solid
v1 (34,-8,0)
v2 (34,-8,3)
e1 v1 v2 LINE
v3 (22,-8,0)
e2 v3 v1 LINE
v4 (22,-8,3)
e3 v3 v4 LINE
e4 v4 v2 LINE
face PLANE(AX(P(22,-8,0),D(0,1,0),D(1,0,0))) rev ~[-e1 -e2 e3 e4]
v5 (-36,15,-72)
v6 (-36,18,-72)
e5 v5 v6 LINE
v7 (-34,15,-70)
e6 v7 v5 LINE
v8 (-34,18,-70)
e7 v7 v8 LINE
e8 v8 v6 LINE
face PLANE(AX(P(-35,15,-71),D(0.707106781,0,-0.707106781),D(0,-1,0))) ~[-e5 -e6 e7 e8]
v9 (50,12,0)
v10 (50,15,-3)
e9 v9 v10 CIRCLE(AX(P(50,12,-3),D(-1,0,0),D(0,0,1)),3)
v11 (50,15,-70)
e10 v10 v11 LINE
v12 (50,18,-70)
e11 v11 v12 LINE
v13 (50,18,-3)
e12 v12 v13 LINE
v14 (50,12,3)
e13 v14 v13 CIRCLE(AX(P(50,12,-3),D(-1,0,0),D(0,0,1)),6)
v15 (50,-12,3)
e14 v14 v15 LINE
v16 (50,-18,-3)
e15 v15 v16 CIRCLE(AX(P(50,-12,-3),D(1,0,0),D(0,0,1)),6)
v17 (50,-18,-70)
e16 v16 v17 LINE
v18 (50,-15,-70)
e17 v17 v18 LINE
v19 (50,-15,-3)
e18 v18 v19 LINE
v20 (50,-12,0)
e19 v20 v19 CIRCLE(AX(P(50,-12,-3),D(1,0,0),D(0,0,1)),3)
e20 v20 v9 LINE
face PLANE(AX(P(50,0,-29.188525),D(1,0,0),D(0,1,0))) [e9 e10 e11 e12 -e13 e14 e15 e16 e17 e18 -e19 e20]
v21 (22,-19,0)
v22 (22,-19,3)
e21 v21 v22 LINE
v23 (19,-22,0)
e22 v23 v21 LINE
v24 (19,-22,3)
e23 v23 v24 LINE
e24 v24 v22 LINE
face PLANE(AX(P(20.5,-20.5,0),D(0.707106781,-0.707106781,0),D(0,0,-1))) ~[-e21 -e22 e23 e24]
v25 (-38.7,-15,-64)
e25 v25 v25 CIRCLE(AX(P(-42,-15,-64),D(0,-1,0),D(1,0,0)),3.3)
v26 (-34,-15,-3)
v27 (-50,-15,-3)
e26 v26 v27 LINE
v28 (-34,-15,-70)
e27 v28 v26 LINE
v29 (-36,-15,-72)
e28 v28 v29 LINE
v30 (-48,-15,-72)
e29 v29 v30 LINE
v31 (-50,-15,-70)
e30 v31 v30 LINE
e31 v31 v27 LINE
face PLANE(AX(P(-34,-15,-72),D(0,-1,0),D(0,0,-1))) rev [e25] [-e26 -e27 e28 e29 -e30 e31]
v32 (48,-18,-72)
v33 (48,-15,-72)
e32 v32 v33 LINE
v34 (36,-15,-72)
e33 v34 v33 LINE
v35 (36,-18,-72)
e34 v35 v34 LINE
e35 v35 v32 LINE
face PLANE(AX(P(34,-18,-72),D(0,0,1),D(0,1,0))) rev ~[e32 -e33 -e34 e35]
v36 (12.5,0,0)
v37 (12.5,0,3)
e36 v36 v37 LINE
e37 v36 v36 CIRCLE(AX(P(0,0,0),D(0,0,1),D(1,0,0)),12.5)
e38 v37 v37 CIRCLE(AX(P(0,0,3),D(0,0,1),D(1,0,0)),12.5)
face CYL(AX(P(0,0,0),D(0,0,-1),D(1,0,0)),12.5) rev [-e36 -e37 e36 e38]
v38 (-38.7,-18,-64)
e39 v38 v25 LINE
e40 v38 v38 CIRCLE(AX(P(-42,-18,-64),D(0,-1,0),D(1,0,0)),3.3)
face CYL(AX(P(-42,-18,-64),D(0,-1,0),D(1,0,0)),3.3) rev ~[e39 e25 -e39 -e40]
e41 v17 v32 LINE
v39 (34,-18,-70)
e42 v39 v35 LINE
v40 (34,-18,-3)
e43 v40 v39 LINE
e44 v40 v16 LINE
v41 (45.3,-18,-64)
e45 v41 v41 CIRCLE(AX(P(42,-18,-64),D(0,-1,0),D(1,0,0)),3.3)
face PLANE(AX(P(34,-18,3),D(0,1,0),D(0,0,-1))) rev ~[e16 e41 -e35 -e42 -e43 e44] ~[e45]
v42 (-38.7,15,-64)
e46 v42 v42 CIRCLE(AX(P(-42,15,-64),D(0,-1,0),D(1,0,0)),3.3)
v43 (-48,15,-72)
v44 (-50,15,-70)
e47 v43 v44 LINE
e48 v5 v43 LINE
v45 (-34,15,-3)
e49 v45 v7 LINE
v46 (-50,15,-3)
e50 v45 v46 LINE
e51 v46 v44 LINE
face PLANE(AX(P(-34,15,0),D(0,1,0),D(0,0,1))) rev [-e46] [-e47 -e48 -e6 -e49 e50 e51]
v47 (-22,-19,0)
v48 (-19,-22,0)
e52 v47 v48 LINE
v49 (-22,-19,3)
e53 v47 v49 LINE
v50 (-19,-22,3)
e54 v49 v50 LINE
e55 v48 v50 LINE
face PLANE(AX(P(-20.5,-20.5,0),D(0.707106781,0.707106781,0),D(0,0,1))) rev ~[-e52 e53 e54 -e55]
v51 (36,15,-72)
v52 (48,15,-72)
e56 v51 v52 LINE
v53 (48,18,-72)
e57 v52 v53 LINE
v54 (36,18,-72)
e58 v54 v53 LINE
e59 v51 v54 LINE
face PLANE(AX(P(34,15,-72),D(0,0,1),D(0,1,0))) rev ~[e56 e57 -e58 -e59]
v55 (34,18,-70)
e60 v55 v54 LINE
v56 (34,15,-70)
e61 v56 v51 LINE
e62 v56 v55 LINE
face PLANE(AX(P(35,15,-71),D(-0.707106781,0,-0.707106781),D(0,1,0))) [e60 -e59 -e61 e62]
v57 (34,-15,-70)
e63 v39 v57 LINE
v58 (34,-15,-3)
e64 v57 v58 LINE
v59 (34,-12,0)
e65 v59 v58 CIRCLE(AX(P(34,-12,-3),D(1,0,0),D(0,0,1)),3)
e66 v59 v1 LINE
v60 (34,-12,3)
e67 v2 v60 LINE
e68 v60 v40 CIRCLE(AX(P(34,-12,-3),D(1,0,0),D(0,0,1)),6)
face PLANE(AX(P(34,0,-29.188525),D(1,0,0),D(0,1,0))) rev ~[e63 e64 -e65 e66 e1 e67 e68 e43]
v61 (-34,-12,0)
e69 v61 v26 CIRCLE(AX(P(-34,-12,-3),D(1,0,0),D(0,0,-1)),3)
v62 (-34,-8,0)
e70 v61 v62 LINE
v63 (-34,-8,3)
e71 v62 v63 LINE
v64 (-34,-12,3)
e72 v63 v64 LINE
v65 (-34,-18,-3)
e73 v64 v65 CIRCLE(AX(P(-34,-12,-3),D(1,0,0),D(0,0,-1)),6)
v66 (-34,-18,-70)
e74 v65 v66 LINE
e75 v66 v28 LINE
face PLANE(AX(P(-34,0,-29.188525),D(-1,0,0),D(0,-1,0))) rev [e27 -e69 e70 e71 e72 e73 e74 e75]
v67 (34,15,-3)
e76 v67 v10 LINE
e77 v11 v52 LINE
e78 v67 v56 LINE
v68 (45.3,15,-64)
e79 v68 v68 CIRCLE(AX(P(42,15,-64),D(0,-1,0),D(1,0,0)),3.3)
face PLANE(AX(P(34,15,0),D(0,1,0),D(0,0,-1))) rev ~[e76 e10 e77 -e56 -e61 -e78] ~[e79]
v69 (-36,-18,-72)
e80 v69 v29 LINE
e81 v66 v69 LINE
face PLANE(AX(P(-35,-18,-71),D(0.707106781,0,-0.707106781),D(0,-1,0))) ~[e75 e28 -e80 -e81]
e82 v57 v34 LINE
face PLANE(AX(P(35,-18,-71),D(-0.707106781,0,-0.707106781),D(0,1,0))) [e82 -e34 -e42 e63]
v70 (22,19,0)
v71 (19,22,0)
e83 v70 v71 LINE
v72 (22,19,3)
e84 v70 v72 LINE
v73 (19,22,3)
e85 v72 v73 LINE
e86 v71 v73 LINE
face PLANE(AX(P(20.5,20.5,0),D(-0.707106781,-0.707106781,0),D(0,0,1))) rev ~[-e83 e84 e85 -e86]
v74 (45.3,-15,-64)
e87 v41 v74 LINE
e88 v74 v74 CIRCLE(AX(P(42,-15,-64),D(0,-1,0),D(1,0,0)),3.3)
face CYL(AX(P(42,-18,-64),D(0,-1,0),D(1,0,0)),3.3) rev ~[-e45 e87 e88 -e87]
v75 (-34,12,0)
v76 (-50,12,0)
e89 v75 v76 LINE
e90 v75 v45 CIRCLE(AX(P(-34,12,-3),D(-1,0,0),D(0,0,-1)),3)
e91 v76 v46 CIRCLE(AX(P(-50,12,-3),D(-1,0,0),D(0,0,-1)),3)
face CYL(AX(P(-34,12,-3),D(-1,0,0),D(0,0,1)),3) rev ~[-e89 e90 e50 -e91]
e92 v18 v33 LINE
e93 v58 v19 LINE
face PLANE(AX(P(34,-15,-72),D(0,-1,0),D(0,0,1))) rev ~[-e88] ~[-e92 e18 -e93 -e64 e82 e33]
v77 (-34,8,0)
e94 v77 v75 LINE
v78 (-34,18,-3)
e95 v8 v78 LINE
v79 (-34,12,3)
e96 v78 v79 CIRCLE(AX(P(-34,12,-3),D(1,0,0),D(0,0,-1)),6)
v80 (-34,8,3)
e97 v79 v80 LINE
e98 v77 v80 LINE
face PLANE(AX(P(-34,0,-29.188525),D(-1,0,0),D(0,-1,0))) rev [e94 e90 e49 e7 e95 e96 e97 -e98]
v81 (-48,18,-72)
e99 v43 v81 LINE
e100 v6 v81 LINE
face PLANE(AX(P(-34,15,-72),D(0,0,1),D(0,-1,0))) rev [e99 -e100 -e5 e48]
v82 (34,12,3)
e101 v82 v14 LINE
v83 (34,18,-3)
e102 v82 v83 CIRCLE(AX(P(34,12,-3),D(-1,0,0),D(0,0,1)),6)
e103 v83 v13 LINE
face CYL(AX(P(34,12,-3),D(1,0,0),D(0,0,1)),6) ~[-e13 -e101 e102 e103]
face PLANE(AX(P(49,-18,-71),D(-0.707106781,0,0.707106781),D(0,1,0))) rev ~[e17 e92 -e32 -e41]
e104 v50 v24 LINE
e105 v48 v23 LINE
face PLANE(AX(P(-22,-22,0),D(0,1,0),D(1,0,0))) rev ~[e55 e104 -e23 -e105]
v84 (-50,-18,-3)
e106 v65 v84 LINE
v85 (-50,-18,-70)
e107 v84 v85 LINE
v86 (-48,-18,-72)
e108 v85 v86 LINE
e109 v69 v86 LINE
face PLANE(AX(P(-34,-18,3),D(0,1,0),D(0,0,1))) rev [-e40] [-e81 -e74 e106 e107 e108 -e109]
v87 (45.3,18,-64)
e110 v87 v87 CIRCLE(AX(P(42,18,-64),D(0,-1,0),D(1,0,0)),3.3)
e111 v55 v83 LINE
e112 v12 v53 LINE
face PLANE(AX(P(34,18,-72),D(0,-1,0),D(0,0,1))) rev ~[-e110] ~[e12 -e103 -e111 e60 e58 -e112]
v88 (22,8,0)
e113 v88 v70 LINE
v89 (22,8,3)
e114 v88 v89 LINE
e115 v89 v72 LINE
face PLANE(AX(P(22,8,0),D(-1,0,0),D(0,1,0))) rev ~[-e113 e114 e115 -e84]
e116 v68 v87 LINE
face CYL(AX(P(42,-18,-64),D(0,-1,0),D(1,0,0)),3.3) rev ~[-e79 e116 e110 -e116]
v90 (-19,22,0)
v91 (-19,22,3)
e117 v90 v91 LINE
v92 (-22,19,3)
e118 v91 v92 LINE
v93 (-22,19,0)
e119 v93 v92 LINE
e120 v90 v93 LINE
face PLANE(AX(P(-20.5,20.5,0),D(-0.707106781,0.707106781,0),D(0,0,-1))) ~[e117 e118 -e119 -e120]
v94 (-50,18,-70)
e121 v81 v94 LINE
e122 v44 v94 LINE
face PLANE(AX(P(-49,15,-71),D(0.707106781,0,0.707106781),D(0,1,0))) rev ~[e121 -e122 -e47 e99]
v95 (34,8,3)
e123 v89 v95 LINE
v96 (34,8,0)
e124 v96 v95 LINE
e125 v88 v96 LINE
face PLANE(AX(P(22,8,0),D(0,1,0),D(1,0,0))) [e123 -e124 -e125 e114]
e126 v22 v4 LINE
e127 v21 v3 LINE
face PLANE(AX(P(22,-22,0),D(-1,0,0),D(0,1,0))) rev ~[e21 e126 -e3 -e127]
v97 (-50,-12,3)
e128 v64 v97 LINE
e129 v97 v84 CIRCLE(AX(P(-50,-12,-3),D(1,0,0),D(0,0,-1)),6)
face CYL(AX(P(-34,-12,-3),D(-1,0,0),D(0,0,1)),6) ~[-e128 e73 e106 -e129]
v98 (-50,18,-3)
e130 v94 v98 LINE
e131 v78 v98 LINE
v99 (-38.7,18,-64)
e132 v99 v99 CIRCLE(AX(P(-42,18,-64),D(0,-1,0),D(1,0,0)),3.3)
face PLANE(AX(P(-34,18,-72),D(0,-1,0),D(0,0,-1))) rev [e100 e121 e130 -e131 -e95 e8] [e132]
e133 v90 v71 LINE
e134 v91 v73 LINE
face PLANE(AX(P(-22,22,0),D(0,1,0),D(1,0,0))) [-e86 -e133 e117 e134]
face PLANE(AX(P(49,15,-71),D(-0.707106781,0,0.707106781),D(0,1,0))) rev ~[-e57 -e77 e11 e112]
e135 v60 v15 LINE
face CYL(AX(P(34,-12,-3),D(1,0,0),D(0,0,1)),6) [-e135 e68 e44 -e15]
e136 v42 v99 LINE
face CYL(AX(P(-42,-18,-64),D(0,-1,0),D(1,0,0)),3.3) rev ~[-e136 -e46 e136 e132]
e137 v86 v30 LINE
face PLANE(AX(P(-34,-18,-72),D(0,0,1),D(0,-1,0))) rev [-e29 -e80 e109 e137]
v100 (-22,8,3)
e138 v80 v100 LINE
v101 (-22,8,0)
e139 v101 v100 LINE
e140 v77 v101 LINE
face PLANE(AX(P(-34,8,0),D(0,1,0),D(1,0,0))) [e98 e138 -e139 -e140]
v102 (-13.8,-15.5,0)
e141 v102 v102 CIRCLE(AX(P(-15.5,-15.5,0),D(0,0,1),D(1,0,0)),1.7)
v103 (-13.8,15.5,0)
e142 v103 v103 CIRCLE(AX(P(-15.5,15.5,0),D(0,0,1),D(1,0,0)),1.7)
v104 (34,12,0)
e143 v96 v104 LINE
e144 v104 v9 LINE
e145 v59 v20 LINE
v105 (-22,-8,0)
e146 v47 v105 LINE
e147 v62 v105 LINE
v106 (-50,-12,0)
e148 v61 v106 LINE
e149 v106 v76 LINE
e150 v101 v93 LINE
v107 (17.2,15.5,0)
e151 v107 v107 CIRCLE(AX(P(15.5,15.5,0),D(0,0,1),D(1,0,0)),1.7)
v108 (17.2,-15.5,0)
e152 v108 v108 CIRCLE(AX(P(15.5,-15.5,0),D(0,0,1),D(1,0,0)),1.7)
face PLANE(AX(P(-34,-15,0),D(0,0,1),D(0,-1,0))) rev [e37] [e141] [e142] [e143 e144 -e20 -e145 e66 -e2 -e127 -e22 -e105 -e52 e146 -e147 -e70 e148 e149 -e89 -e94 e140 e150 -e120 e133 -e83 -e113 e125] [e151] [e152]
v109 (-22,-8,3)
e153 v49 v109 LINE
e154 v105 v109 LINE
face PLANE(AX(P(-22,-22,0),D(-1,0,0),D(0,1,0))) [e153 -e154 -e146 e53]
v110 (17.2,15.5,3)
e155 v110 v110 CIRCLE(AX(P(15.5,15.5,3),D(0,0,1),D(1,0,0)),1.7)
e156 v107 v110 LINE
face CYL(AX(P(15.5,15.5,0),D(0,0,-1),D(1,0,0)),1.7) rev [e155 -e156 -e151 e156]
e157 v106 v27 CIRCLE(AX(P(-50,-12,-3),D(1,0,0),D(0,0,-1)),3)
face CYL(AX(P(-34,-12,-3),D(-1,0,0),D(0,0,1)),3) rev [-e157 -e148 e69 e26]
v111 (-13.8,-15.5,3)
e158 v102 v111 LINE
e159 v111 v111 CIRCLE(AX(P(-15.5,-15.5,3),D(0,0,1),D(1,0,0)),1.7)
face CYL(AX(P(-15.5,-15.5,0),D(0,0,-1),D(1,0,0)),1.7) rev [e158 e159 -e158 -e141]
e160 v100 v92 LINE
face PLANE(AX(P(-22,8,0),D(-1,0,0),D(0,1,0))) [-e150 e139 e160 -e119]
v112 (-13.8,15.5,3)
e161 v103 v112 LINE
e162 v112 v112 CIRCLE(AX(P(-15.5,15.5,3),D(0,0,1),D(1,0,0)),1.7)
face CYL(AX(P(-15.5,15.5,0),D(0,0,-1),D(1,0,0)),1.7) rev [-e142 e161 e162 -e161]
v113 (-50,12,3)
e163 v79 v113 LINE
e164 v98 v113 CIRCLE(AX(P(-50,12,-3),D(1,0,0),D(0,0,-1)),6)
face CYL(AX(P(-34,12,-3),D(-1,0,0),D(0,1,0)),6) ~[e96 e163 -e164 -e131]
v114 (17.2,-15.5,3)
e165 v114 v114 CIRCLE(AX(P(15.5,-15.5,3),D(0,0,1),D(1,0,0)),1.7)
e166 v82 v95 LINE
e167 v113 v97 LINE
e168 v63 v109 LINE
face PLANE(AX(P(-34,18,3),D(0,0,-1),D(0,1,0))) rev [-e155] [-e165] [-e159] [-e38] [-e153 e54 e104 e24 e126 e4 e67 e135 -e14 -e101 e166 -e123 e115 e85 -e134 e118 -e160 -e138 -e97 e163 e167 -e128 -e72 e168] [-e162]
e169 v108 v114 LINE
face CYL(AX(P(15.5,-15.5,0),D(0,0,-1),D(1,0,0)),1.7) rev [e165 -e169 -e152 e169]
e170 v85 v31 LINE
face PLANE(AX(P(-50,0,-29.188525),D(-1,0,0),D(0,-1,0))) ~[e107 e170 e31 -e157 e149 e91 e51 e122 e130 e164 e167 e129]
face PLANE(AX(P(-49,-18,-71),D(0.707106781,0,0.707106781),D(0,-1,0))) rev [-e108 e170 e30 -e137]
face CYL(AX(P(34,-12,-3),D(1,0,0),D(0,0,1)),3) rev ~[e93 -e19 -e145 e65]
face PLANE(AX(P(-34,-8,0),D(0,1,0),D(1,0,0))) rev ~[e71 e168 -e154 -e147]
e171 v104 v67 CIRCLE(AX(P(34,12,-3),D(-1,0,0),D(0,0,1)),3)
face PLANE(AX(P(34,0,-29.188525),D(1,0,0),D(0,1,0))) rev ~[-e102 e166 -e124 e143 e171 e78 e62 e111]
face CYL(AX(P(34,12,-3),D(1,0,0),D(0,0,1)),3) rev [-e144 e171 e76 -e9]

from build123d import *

# Parameters (mm, degrees)
SKETCH_W        = 44
SKETCH_H        = 44
SKETCH_R        = 12.5
SKETCH_R_2      = 1.7
SKETCH_W_2      = 12
SKETCH_H_2      = 16
PAD_DEPTH       = 3
CHAMFER_SIZE    = 3
PAD001_DEPTH    = 16
FILLET_R        = 6
FILLET001_R     = 3
CHAMFER001_SIZE = 2
SKETCH002_R     = 3.3
HOLE_DEPTH      = 40.001


with BuildPart() as part:
    # Sketch → Pad (new body)
    with BuildSketch(Plane.XY):
        Rectangle(SKETCH_W, SKETCH_H)
        Circle(SKETCH_R, mode=Mode.SUBTRACT)
        with Locations((-15.5, 15.5)):
            Circle(SKETCH_R_2, mode=Mode.SUBTRACT)
        with Locations((15.5, 15.5)):
            Circle(SKETCH_R_2, mode=Mode.SUBTRACT)
        with Locations((15.5, -15.5)):
            Circle(SKETCH_R_2, mode=Mode.SUBTRACT)
        with Locations((-15.5, -15.5)):
            Circle(SKETCH_R_2, mode=Mode.SUBTRACT)
        with Locations((28, 0)):
            Rectangle(SKETCH_W_2, SKETCH_H_2)
        with Locations((-28, 0)):
            Rectangle(SKETCH_W_2, SKETCH_H_2)
    extrude(amount=PAD_DEPTH)

    # Chamfer
    chamfer_edges = [part.edges().sort_by_distance(p)[0] for p in [
        (-22, -22, 1.5),
        (22, -22, 1.5),
        (22, 22, 1.5),
        (-22, 22, 1.5),
    ]]
    chamfer(chamfer_edges, length=CHAMFER_SIZE)

    # Sketch001 (on Face11 of Chamfer) → Pad001 (join)
    with BuildSketch(Plane.YZ.offset(34)):
        Polygon((0, 0), (15, 0), (15, -72), (18, -72), (18, 3), (-18, 3), (-18, -72), (-15, -72), (-15, 0), align=None)
    pad001 = extrude(amount=PAD001_DEPTH)

    # Mirrored: Pad001 across YZ
    add(pad001.mirror(Plane.YZ))

    # Fillet
    fillet_edges = [part.edges().sort_by_distance(p)[0] for p in [
        (-42, -18, 3),
        (-42, 18, 3),
        (42, -18, 3),
        (42, 18, 3),
    ]]
    fillet(fillet_edges, radius=FILLET_R)

    # Fillet001
    fillet001_edges = [part.edges().sort_by_distance(p)[0] for p in [
        (-42, 15, 0),
        (42, 15, 0),
        (42, -15, 0),
        (-42, -15, 0),
    ]]
    fillet(fillet001_edges, radius=FILLET001_R)

    # Chamfer001
    chamfer001_edges = [part.edges().sort_by_distance(p)[0] for p in [
        (-50, -16.5, -72),
        (-34, -16.5, -72),
        (-50, 16.5, -72),
        (-34, 16.5, -72),
        (34, -16.5, -72),
        (50, -16.5, -72),
        (34, 16.5, -72),
        (50, 16.5, -72),
    ]]
    chamfer(chamfer001_edges, length=CHAMFER001_SIZE)

    # Sketch002 (on Face46 of Chamfer001) → Hole (cut, through all)
    with BuildSketch(Plane.XZ.offset(18)):
        with Locations((-42, -64)):
            Circle(SKETCH002_R)
        with Locations((42, -64)):
            Circle(SKETCH002_R)
    extrude(amount=-HOLE_DEPTH, mode=Mode.SUBTRACT)


solid = part.part
